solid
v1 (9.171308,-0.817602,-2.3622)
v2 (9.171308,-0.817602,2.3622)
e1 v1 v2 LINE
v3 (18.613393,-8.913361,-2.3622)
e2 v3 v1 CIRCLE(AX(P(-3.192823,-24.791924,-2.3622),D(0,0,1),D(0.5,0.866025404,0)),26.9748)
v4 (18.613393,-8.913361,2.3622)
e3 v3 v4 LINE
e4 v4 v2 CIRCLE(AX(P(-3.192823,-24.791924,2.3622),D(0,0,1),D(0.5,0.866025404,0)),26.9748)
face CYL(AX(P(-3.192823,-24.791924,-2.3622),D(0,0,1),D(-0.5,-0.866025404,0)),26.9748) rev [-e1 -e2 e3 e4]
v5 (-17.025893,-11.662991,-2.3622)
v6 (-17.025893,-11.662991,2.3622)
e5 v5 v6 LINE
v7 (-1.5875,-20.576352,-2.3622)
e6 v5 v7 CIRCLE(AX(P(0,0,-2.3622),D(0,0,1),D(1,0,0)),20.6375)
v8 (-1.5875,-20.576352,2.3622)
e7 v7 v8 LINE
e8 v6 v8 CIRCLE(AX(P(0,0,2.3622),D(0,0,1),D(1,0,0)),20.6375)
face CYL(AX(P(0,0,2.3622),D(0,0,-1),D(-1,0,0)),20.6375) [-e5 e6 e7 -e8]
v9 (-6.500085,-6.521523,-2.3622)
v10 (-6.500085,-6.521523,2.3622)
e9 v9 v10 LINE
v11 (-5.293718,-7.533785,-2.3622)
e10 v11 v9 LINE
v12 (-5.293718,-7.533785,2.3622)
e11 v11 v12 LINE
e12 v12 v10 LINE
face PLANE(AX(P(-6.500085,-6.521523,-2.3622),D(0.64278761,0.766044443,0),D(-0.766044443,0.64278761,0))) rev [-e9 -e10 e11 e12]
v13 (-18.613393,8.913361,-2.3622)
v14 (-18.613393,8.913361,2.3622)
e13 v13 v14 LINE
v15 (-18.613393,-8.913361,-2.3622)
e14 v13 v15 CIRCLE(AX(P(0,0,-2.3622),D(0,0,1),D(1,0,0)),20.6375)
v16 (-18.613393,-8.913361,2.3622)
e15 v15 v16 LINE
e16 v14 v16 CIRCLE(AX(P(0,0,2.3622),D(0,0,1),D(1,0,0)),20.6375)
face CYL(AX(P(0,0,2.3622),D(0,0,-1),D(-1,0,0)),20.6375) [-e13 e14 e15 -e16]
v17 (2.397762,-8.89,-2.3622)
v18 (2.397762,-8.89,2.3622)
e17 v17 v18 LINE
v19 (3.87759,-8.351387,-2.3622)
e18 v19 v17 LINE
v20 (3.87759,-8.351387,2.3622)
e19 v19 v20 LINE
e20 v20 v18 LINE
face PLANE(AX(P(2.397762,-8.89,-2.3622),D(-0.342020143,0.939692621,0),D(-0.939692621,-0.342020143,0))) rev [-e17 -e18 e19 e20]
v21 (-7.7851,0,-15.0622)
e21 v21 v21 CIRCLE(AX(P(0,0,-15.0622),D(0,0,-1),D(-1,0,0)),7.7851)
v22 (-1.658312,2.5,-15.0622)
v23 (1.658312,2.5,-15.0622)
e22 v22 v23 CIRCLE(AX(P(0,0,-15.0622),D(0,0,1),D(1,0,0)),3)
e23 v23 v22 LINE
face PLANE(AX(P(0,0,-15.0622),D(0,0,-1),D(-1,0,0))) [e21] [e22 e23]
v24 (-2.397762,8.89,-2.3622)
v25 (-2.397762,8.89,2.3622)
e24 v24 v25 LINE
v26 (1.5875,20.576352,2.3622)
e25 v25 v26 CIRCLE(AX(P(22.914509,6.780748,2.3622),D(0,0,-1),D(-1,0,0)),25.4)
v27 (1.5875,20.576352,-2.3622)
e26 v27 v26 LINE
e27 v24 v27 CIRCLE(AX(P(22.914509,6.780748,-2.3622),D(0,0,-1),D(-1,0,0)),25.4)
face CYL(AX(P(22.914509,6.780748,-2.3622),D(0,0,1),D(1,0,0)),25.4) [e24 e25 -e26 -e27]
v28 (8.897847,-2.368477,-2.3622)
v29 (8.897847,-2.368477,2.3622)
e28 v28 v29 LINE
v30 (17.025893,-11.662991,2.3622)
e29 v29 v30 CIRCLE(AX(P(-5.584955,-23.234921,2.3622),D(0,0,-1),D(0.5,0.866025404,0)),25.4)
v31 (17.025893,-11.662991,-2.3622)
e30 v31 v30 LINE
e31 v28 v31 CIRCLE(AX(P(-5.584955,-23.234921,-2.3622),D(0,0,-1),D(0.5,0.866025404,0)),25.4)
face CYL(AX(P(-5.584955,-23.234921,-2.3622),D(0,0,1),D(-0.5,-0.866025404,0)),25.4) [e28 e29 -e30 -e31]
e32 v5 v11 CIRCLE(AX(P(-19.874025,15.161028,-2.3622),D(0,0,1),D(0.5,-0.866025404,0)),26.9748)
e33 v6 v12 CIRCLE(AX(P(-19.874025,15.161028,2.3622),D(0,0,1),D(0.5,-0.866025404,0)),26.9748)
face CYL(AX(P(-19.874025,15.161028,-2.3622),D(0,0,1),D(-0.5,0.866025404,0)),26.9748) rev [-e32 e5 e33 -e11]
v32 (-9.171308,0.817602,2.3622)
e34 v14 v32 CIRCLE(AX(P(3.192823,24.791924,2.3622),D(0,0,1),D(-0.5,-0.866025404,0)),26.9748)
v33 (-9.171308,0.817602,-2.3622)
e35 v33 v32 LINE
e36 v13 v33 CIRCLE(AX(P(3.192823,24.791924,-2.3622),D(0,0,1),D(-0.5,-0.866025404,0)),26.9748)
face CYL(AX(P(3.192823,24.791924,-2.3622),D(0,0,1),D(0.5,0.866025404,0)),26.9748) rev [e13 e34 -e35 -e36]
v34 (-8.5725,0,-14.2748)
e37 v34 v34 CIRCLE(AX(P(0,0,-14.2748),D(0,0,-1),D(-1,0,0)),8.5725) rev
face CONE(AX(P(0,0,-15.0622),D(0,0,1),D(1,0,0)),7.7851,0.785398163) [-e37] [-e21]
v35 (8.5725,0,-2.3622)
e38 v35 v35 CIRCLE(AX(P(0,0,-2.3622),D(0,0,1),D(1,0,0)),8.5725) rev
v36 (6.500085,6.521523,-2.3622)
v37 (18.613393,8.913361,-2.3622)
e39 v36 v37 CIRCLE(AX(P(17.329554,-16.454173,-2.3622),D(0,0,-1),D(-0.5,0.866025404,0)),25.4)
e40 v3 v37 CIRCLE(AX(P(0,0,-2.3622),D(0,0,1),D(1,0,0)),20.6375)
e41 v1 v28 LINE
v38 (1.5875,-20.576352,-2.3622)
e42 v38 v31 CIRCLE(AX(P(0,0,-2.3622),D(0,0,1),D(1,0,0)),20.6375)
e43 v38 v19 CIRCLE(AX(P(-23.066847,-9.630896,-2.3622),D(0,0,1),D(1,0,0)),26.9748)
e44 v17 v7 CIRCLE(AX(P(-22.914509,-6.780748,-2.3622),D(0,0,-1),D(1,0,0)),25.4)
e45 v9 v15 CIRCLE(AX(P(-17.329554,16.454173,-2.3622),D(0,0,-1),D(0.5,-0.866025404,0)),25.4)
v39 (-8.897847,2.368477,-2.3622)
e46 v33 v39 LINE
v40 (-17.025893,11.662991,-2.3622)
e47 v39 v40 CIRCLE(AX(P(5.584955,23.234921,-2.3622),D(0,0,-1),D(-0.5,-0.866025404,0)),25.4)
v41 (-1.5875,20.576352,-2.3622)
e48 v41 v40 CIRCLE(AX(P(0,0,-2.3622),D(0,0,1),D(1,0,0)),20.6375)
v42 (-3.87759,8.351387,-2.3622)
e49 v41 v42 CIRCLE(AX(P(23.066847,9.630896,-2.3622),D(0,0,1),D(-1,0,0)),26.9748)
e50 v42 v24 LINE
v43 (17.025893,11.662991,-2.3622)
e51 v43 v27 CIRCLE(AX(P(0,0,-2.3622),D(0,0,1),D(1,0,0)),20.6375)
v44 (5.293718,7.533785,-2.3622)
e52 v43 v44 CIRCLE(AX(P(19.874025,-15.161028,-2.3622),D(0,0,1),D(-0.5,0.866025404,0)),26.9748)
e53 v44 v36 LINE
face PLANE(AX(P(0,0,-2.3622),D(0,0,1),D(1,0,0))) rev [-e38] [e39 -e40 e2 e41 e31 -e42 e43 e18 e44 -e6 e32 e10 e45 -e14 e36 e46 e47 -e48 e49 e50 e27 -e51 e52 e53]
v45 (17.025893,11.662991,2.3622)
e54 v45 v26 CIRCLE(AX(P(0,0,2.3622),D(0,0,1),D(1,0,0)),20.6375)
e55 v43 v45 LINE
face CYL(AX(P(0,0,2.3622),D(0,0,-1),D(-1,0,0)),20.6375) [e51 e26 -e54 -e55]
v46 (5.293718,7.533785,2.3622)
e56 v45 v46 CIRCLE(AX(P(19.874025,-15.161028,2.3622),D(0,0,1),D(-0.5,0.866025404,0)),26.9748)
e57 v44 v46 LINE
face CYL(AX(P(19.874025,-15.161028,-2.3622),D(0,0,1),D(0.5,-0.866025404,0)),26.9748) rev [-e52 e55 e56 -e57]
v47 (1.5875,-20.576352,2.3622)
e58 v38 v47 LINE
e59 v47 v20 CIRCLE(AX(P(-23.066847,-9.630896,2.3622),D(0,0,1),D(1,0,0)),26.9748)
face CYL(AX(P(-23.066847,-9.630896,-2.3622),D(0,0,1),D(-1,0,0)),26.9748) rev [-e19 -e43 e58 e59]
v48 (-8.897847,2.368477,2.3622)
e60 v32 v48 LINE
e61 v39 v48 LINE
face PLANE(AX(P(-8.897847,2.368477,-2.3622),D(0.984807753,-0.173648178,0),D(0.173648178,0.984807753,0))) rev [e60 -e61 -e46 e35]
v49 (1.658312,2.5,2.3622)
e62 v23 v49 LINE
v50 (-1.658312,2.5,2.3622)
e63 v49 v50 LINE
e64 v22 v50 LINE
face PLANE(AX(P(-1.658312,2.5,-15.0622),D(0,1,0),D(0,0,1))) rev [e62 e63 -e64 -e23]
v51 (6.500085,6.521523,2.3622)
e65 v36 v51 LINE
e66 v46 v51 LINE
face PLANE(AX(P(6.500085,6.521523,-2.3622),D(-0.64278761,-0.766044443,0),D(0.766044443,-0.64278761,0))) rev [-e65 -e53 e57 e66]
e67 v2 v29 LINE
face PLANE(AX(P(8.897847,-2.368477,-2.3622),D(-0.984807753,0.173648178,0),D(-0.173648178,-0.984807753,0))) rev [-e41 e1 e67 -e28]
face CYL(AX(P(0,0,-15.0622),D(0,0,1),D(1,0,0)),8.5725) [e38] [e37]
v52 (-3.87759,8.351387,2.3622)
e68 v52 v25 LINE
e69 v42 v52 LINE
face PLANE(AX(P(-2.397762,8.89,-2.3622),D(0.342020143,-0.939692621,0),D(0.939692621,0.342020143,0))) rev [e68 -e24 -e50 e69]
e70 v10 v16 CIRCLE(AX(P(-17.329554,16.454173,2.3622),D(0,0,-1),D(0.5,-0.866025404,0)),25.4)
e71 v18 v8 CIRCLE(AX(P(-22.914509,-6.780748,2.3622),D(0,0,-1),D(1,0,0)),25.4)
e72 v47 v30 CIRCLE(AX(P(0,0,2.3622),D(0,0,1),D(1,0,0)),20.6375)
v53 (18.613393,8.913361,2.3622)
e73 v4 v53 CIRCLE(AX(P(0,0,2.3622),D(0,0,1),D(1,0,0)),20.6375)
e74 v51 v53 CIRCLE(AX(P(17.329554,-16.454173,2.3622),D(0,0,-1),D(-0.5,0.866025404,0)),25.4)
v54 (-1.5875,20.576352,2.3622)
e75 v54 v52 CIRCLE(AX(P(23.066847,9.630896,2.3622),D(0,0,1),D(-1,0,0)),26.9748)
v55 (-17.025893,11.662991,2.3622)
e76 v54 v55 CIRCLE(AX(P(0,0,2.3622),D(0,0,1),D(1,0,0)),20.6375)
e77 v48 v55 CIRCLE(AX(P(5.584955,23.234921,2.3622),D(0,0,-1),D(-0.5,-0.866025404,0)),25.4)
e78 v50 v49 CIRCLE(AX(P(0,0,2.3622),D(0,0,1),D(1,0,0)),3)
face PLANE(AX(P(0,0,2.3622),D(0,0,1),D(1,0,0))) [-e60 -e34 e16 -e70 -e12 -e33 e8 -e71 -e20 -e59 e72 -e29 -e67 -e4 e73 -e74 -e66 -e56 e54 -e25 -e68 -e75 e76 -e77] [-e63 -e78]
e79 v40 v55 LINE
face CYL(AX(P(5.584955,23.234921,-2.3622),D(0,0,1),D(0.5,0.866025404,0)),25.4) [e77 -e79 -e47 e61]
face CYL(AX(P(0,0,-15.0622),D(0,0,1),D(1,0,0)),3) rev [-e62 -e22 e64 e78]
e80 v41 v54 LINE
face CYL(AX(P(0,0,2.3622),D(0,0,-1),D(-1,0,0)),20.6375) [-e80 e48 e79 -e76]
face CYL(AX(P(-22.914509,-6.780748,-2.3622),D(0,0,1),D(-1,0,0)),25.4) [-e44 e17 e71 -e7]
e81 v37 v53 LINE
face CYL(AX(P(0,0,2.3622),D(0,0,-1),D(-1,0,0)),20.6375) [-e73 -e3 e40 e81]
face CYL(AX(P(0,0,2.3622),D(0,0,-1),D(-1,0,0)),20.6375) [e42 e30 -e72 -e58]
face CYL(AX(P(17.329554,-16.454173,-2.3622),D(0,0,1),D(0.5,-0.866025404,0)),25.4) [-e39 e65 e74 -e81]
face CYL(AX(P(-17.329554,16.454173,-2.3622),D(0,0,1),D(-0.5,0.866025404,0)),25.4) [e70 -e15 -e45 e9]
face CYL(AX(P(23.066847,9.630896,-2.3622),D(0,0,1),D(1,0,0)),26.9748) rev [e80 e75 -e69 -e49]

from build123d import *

# Parameters (mm, degrees)
SKETCH1_R           = 20.6375
BOSS_EXTRUDE1_DEPTH = 2.3622
CUT_EXTRUDE1_DEPTH  = 30.565736383
SKETCH4_R           = 8.5725
BOSS_EXTRUDE2_DEPTH = 12.7
CIRPATTERN1_COUNT   = 6
CUT_EXTRUDE2_DEPTH  = 34.954416084
CHAMFER1_SIZE       = 0.7874


with BuildPart() as part:
    # Sketch1 → Boss-Extrude1 (new, symmetric)
    with BuildSketch(Plane.XY):
        Circle(SKETCH1_R)
    extrude(amount=BOSS_EXTRUDE1_DEPTH, both=True)

    # Sketch2 → Cut-Extrude1 (cut, through all)
    with BuildSketch(Plane.XY.offset(2.3622)):
        with BuildLine():
            Line((-2.397761805, 8.89), (-3.877589744, 8.351386678))
            ThreePointArc((-3.877589744, 8.351386678), (-3.446754472, 14.597661325), (-1.5875, 20.576351717))
            ThreePointArc((-1.5875, 20.576351717), (0, 20.6375), (1.5875, 20.576351717))
            ThreePointArc((1.5875, 20.576351717), (-1.12604651, 14.979021398), (-2.397761805, 8.89))
        make_face()
    cut_extrude1 = extrude(amount=-CUT_EXTRUDE1_DEPTH, mode=Mode.SUBTRACT)

    # Sketch4 → Boss-Extrude2 (add)
    with BuildSketch(Plane(origin=(0, 0, -2.3622), x_dir=(-1, 0, 0), z_dir=(0, 0, -1))):
        with Locations(Location((0, 0, 0), (0, 0, 180))):
            Circle(SKETCH4_R)
    extrude(amount=BOSS_EXTRUDE2_DEPTH)

    # CirPattern1: Cut-Extrude1 ×6 about axis
    cirpattern1_axis = Axis((0, 0, 0), (0, 0, 1))
    for i in range(1, CIRPATTERN1_COUNT):
        add(cut_extrude1.rotate(cirpattern1_axis, i * 360 / CIRPATTERN1_COUNT), mode=Mode.SUBTRACT)

    # Sketch3 → Cut-Extrude2 (cut, through all)
    with BuildSketch(Plane.XY.offset(2.3622)):
        with BuildLine():
            Line((-1.658312395, 2.5), (1.658312395, 2.5))
            ThreePointArc((1.658312395, 2.5), (0, -3), (-1.658312395, 2.5))
        make_face()
    extrude(amount=-CUT_EXTRUDE2_DEPTH, mode=Mode.SUBTRACT)

    # Chamfer1
    chamfer1_edges = [part.edges().sort_by_distance(p)[0] for p in [
        (-8.5725, 0, -15.0622),
    ]]
    chamfer(chamfer1_edges, length=CHAMFER1_SIZE)


solid = part.part
